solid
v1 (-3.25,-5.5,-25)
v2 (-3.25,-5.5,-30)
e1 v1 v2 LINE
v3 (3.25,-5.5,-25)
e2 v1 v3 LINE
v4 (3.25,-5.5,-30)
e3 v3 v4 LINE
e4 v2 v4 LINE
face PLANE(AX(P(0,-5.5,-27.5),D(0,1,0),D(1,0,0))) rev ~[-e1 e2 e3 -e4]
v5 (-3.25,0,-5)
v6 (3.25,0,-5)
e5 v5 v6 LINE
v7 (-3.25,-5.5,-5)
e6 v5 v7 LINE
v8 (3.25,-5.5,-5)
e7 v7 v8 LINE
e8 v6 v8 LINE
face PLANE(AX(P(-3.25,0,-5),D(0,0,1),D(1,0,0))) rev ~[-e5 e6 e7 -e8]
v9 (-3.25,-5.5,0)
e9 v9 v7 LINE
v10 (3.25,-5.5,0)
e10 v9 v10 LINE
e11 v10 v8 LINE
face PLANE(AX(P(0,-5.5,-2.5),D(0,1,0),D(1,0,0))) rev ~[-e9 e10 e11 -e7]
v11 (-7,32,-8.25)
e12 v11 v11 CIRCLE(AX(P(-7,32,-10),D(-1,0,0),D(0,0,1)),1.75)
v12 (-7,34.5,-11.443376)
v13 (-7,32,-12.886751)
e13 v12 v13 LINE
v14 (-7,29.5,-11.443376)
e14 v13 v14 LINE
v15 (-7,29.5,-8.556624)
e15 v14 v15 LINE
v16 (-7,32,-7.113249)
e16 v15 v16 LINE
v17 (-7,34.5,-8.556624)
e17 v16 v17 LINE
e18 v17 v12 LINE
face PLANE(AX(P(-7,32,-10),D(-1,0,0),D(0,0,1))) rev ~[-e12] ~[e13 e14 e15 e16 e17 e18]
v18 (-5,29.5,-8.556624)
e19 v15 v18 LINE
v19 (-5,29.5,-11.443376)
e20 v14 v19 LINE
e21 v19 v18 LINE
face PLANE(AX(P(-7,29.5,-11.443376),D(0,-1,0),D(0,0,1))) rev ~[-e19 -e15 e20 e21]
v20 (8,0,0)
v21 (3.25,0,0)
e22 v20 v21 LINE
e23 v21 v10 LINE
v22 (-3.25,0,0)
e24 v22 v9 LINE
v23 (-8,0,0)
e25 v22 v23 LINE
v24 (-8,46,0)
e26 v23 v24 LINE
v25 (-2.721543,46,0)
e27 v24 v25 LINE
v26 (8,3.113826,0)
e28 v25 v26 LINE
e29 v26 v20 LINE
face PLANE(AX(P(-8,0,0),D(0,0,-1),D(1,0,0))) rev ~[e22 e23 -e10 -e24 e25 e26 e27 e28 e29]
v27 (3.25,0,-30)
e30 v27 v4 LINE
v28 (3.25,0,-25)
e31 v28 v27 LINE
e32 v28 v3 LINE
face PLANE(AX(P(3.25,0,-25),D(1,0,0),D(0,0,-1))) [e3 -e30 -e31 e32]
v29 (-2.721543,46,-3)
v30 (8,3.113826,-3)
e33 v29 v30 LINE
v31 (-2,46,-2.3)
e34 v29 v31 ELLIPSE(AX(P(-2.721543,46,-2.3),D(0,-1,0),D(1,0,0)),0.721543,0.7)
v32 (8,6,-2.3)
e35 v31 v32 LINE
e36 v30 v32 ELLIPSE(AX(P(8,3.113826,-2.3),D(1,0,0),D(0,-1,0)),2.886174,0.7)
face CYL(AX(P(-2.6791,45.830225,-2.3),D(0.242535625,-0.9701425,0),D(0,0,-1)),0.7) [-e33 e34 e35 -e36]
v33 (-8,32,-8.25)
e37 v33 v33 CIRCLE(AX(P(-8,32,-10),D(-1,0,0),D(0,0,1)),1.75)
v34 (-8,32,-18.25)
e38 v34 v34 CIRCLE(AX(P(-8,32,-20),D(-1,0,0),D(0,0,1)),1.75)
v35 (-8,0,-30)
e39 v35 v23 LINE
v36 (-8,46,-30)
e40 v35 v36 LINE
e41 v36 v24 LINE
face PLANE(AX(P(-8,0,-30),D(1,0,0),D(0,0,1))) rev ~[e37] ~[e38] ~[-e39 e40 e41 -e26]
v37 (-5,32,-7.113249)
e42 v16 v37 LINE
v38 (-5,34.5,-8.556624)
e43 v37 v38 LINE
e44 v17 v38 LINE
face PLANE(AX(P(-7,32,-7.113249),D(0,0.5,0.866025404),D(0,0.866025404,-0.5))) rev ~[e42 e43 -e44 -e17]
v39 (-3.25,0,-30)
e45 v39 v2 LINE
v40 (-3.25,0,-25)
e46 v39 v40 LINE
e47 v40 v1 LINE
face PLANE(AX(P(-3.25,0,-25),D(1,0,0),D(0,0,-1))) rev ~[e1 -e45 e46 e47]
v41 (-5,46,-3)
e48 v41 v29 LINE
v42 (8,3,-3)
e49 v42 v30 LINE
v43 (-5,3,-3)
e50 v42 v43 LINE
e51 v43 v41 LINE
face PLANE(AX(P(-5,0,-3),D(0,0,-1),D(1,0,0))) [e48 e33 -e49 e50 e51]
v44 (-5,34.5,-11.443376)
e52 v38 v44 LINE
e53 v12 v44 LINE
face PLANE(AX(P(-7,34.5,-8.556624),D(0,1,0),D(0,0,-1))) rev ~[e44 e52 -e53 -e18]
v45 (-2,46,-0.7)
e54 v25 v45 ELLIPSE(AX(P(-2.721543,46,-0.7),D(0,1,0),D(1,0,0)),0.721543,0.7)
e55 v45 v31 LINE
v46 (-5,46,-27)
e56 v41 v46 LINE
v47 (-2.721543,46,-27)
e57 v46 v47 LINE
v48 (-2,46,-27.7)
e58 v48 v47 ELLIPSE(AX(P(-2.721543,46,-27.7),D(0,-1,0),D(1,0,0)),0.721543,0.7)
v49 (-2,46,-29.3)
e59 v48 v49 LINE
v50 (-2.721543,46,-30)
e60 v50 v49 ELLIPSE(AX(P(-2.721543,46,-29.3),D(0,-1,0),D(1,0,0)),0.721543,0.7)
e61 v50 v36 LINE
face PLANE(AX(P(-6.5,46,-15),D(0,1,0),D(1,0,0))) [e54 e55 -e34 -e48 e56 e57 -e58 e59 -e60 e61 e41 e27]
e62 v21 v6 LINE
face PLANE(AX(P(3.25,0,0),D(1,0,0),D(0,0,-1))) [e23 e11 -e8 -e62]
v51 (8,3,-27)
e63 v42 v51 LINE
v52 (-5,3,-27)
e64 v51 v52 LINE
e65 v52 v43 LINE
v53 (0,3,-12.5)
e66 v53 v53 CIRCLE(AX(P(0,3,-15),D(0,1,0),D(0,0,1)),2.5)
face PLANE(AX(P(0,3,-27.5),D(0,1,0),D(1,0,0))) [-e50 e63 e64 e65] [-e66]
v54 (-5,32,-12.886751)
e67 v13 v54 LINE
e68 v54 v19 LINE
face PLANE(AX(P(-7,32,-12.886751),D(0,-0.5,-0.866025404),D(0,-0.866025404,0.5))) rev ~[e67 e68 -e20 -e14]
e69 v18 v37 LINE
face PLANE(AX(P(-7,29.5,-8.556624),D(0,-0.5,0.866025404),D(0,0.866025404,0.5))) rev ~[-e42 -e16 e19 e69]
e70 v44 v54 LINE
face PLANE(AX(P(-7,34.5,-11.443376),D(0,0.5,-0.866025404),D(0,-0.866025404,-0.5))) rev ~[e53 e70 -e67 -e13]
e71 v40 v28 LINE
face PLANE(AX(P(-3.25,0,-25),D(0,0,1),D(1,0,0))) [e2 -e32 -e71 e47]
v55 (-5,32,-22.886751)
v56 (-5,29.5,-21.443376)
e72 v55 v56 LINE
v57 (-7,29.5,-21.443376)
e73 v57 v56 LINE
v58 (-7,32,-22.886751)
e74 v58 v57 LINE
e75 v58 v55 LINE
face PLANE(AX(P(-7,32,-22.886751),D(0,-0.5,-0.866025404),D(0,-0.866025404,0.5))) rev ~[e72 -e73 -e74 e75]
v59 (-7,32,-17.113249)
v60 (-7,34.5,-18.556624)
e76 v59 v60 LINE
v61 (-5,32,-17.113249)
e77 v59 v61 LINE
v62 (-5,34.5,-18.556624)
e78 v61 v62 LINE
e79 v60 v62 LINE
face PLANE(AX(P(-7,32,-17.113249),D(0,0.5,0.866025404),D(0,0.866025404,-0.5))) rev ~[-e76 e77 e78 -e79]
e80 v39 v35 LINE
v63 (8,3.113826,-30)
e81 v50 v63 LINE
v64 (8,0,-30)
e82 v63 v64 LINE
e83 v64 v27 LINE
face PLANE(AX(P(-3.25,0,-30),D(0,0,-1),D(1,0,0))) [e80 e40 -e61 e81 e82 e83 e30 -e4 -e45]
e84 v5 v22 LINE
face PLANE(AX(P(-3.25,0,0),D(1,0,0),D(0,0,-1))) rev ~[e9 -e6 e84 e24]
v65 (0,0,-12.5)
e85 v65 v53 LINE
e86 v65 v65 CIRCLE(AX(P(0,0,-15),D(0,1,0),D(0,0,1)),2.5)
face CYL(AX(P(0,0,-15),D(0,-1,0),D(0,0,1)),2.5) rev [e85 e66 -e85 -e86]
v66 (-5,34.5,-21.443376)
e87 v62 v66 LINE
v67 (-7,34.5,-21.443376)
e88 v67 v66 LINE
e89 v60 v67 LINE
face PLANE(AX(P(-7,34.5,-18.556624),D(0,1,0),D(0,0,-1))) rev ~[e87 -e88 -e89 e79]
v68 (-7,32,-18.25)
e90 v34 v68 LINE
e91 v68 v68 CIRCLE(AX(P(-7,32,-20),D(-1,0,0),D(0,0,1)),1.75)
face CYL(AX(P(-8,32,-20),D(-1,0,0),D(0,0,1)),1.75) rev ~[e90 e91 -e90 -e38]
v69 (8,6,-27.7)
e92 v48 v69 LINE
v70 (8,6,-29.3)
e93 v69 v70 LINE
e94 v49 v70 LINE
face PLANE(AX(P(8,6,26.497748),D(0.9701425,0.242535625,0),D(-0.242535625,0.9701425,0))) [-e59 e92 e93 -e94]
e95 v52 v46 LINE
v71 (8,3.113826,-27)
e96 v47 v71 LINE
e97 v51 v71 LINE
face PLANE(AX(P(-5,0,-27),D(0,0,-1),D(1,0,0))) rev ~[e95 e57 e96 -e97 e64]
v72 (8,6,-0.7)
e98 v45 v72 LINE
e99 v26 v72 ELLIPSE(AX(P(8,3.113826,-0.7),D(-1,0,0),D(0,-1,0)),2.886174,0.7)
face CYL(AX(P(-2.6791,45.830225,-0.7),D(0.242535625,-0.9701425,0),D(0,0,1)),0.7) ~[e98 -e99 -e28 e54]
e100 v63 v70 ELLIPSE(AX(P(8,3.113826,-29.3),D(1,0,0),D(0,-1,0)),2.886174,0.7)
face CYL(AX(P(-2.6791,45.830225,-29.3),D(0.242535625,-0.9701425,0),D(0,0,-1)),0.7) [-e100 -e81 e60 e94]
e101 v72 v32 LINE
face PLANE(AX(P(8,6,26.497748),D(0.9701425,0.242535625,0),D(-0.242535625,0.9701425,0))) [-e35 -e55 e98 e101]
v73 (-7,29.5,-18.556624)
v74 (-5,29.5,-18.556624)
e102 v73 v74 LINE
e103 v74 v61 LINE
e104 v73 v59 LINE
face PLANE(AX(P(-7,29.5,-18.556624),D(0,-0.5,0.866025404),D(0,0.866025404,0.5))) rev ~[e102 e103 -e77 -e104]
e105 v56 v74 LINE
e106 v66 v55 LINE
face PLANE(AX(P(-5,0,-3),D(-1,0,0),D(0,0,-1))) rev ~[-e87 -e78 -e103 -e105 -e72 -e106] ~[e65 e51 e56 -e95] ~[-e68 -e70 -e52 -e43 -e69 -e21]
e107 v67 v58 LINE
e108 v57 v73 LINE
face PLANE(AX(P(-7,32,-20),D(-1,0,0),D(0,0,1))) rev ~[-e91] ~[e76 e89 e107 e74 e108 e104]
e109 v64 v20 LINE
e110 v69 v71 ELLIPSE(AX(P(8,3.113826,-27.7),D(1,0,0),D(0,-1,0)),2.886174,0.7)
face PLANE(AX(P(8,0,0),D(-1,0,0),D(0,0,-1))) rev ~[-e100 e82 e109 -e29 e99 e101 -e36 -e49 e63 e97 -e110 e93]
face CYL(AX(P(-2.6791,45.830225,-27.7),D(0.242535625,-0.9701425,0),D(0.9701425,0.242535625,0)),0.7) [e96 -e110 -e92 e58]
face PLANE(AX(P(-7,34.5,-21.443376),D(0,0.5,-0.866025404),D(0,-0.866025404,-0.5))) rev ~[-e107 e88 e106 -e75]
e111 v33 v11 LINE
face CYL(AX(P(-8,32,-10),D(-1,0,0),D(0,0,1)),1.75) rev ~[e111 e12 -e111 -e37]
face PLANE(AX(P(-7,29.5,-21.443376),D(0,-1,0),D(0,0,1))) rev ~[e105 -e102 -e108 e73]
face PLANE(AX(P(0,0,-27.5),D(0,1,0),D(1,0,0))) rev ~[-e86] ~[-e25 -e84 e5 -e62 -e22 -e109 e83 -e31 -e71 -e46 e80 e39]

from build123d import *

# Parameters (mm, degrees)
SKETCH1_R               = 2.5
SKETCH1_W               = 6.5
SKETCH1_H               = 5
BOSS_EXTRUDE1_DEPTH     = 3
SKETCH1_3_W             = 6.5
SKETCH1_3_H             = 5
BOSS_EXTRUDE2_DEPTH     = 5.5
BOSS_EXTRUDE3_START     = -3
SKETCH2_W               = 3
SKETCH2_H               = 24
SKETCH2_H_2             = 3
SKETCH2_W_2             = 13
BOSS_EXTRUDE3_DEPTH     = 46
CUT_EXTRUDE1_DEPTH      = 56.497747702
CUT_EXTRUDE1_DEPTH_BACK = 56.497747702
CUT_EXTRUDE2_START      = -1
SKETCH4_R               = 1.75
CUT_EXTRUDE2_DEPTH      = 57.201398584
SKETCH4_2_R             = 1.75
CUT_EXTRUDE3_DEPTH      = 58.201398584
FILLET1_R               = 0.7


with BuildPart() as part:
    # Sketch1 → Boss-Extrude1 (new body)
    # profile 1 of 3: a face of its own
    with BuildSketch(Plane(origin=(0, 0, 0), x_dir=(1, 0, 0), z_dir=(0, 1, 0))):
        Polygon((-8, 30), (-8, 0), (-3.25, 0), (-3.25, 5), (3.25, 5), (3.25, 0), (8, 0), (8, 30), (3.25, 30), (3.25, 25), (-3.25, 25), (-3.25, 30), align=None)
        with Locations(Location((0, 15, 0), (0, 0, 270))):
            Circle(SKETCH1_R, mode=Mode.SUBTRACT)
    # profile 2 of 3: a face of its own
    with BuildSketch(Plane(origin=(0, 0, 0), x_dir=(1, 0, 0), z_dir=(0, 1, 0))):
        with Locations((0, 2.5)):
            Rectangle(SKETCH1_W, SKETCH1_H)
    # profile 3 of 3: a face of its own
    with BuildSketch(Plane(origin=(0, 0, 0), x_dir=(1, 0, 0), z_dir=(0, 1, 0))):
        with Locations((0, 27.5)):
            Rectangle(SKETCH1_W, SKETCH1_H)
    extrude(amount=BOSS_EXTRUDE1_DEPTH)

    # Sketch1<3> → Boss-Extrude2 (add)
    with BuildSketch(Plane(origin=(0, 0, 0), x_dir=(1, 0, 0), z_dir=(0, 1, 0))):
        with Locations((0, 27.5)):
            Rectangle(SKETCH1_3_W, SKETCH1_3_H)
        with Locations((0, 2.5)):
            Rectangle(SKETCH1_3_W, SKETCH1_3_H)
    extrude(amount=-BOSS_EXTRUDE2_DEPTH)

    # Sketch2 → Boss-Extrude3 (add)
    with BuildSketch(Plane(origin=(0, 3, 0), x_dir=(1, 0, 0), z_dir=(0, 1, 0)).offset(BOSS_EXTRUDE3_START)):
        with Locations((-6.5, 15)):
            Rectangle(SKETCH2_W, SKETCH2_H)
        with Locations((-6.5, 1.5)):
            Rectangle(SKETCH2_W, SKETCH2_H_2)
        with Locations((-6.5, 28.5)):
            Rectangle(SKETCH2_W, SKETCH2_H_2)
        with Locations((1.5, 28.5)):
            Rectangle(SKETCH2_W_2, SKETCH2_H_2)
        with Locations((1.5, 1.5)):
            Rectangle(SKETCH2_W_2, SKETCH2_H_2)
    extrude(amount=BOSS_EXTRUDE3_DEPTH)

    # Sketch3 → Cut-Extrude1 (cut, two sides: drawn at the far end of the back side and taken through both)
    with BuildSketch(Plane(origin=(0, 0, -30), x_dir=(-1, 0, 0), z_dir=(0, 0, -1)).offset(-CUT_EXTRUDE1_DEPTH_BACK)):
        Polygon((-8, 6), (2, 46), (-8, 46), align=None)
    extrude(amount=CUT_EXTRUDE1_DEPTH + CUT_EXTRUDE1_DEPTH_BACK, mode=Mode.SUBTRACT)

    # Sketch4 → Cut-Extrude2 (cut, through all)
    # profile 1 of 2: a face of its own
    with BuildSketch(Plane.ZY.offset(8).offset(CUT_EXTRUDE2_START)):
        Polygon((-8.556624327, 29.5), (-7.113248654, 32), (-8.556624327, 34.5), (-11.443375673, 34.5), (-12.886751346, 32), (-11.443375673, 29.5), align=None)
        with Locations((-10, 32)):
            Circle(SKETCH4_R, mode=Mode.SUBTRACT)
    # profile 2 of 2: a face of its own
    with BuildSketch(Plane.ZY.offset(8).offset(CUT_EXTRUDE2_START)):
        Polygon((-18.556624327, 29.5), (-17.113248654, 32), (-18.556624327, 34.5), (-21.443375673, 34.5), (-22.886751346, 32), (-21.443375673, 29.5), align=None)
        with Locations((-20, 32)):
            Circle(SKETCH4_R, mode=Mode.SUBTRACT)
    extrude(amount=-CUT_EXTRUDE2_DEPTH, mode=Mode.SUBTRACT)

    # Sketch4<2> → Cut-Extrude3 (cut, through all)
    with BuildSketch(Plane.ZY.offset(8)):
        with Locations((-20, 32)):
            Circle(SKETCH4_2_R)
        with Locations((-10, 32)):
            Circle(SKETCH4_2_R)
    extrude(amount=-CUT_EXTRUDE3_DEPTH, mode=Mode.SUBTRACT)

    # Fillet1
    fillet1_edges = [part.edges().sort_by_distance(p)[0] for p in [
        (3, 26, -30),
        (3, 26, -27),
        (3, 26, 0),
        (3, 26, -3),
    ]]
    fillet(fillet1_edges, radius=FILLET1_R)


solid = part.part
